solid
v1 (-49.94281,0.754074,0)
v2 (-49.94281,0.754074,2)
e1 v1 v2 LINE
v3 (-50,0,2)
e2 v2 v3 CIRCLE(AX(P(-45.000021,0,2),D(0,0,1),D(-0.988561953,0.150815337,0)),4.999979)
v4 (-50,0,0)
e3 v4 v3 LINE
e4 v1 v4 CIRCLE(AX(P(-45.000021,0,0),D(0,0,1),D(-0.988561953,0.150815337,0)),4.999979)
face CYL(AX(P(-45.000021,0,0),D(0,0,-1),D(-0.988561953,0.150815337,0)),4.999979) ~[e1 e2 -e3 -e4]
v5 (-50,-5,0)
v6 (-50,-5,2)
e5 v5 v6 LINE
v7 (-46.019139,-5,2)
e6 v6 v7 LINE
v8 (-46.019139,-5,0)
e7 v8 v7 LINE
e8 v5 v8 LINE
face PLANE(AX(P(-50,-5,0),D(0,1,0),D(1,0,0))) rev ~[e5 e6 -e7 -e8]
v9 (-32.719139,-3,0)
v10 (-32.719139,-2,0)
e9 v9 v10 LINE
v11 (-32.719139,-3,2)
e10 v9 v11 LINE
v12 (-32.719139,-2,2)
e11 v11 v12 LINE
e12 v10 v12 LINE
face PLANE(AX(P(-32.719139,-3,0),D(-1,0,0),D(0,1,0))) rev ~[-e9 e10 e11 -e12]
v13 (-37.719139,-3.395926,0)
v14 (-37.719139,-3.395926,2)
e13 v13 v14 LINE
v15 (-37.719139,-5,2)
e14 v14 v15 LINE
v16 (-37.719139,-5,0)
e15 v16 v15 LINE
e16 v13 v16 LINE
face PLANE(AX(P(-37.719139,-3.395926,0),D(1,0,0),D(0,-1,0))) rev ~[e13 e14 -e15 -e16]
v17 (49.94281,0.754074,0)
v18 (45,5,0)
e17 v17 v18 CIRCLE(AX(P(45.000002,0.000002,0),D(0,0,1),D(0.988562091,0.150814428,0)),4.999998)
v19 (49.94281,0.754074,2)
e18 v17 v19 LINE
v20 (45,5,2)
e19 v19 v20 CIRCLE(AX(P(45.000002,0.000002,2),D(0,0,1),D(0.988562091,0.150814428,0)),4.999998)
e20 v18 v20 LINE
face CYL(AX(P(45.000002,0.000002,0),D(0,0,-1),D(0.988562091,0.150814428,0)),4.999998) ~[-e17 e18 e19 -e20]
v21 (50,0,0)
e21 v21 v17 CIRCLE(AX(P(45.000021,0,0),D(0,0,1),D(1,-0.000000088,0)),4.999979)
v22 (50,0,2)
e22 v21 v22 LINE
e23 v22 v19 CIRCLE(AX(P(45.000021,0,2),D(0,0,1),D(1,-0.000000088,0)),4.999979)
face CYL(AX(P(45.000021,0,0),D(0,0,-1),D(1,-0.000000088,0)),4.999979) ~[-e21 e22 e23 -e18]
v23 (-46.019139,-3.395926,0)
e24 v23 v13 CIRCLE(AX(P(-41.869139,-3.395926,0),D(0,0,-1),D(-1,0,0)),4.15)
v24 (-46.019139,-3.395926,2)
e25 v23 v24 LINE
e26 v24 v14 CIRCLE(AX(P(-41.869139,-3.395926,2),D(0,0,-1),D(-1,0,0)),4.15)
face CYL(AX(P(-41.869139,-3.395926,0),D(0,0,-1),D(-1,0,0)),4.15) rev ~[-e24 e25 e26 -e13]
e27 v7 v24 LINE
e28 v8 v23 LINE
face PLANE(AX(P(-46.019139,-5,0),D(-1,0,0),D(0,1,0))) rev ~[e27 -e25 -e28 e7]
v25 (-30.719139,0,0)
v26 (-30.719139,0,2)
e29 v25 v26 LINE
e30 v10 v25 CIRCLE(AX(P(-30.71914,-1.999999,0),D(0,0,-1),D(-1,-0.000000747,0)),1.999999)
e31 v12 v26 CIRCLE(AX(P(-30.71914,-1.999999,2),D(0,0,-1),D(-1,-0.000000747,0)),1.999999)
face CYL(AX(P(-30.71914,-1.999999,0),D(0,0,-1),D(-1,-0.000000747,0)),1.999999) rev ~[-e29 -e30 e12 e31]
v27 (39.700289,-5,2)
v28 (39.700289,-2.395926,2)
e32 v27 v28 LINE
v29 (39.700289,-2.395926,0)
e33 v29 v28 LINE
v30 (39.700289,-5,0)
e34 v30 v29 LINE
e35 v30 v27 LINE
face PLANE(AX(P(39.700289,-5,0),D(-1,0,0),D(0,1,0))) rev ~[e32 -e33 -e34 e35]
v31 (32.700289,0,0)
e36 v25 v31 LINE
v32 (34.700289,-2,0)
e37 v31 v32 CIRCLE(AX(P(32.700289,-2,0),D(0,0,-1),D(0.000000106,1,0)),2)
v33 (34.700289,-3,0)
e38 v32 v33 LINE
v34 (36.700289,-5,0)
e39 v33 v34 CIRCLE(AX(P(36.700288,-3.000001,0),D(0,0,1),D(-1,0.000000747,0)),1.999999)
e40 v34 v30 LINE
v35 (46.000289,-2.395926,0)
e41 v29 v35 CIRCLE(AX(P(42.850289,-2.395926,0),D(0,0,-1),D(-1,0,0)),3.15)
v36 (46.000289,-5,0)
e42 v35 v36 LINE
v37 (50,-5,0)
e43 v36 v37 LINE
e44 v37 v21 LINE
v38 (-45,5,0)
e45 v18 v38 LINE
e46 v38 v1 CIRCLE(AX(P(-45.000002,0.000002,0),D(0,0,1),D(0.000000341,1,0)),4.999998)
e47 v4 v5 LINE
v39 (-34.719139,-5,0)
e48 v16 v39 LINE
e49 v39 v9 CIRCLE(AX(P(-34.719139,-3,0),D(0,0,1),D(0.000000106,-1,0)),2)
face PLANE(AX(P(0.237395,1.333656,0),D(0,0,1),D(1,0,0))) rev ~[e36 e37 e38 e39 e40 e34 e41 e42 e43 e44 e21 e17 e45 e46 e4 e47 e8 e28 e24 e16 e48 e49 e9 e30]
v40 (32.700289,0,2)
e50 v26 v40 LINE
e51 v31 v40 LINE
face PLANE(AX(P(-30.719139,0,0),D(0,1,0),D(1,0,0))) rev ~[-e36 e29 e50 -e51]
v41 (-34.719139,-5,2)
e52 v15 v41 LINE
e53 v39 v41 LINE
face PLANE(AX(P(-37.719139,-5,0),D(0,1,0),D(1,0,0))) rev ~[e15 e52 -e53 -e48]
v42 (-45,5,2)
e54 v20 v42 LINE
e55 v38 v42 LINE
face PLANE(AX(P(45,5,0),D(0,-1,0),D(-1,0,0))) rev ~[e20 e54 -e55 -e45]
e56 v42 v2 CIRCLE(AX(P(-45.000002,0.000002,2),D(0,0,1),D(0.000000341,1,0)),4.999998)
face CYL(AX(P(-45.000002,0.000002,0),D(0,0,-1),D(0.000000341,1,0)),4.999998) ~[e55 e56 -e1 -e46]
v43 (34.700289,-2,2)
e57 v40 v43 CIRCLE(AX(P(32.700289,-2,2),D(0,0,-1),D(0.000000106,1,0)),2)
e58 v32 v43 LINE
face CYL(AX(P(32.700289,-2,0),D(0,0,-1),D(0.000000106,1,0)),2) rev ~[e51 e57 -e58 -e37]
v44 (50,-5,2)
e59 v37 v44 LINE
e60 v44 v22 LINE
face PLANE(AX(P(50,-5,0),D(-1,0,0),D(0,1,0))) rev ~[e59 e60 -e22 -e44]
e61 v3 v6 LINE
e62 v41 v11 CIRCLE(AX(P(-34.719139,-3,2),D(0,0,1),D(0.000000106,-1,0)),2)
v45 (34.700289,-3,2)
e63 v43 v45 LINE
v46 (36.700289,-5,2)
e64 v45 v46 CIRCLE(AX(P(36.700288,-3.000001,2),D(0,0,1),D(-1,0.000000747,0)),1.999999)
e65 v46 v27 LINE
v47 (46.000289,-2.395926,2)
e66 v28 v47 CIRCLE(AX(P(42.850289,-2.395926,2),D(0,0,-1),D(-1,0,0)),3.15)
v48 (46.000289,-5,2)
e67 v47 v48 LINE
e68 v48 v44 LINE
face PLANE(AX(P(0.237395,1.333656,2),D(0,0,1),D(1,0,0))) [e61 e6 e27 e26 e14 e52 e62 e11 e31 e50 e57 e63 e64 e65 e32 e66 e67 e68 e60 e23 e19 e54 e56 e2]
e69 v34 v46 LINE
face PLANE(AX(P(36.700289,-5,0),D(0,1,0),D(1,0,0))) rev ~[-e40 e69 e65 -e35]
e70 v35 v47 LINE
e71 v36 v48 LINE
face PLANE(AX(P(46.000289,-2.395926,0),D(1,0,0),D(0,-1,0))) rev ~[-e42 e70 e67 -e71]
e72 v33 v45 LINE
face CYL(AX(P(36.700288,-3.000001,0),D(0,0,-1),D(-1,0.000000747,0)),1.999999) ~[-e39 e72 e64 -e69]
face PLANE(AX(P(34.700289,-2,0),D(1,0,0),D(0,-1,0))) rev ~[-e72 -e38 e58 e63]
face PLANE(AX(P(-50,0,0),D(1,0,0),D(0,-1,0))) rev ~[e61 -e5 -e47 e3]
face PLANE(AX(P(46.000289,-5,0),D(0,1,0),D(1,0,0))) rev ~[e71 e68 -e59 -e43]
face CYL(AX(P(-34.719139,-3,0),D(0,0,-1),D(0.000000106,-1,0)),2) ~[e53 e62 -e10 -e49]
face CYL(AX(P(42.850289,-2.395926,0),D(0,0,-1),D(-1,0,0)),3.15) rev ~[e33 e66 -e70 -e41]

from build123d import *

# Parameters (mm, degrees)
F1_DEPTH = 2


with BuildPart() as f1:
    # F0 (on Top) → F1 (new body)
    with BuildSketch(Plane.XY):
        with BuildLine():
            ThreePointArc((49.94281, 0.754074), (48.258039, 3.792781), (45, 5))
            Line((45, 5), (-45, 5))
            ThreePointArc((-45, 5), (-48.258039, 3.792781), (-49.94281, 0.754074))
            ThreePointArc((-49.94281, 0.754074), (-49.985682, 0.37812), (-50, 0))
            Line((-50, 0), (-50, -5))
            Line((-50, -5), (-46.019139, -5))
            Line((-46.019139, -5), (-46.019139, -3.395926))
            ThreePointArc((-46.019139, -3.395926), (-41.869139, 0.754074), (-37.719139, -3.395926))
            Line((-37.719139, -3.395926), (-37.719139, -5))
            Line((-37.719139, -5), (-34.719139, -5))
            ThreePointArc((-34.719139, -5), (-33.304926, -4.414214), (-32.719139, -3))
            Line((-32.719139, -3), (-32.719139, -2))
            ThreePointArc((-32.719139, -2), (-32.133353, -0.585786), (-30.719139, 0))
            Line((-30.719139, 0), (32.700289, 0))
            ThreePointArc((32.700289, 0), (34.114502, -0.585786), (34.700289, -2))
            Line((34.700289, -2), (34.700289, -3))
            ThreePointArc((34.700289, -3), (35.286075, -4.414214), (36.700289, -5))
            Line((36.700289, -5), (39.700289, -5))
            Line((39.700289, -5), (39.700289, -2.395926))
            ThreePointArc((39.700289, -2.395926), (42.850289, 0.754074), (46.000289, -2.395926))
            Line((46.000289, -2.395926), (46.000289, -5))
            Line((46.000289, -5), (50, -5))
            Line((50, -5), (50, 0))
            ThreePointArc((50, 0), (49.985682, 0.37812), (49.94281, 0.754074))
        make_face()
    extrude(amount=F1_DEPTH)


solid = f1.part
